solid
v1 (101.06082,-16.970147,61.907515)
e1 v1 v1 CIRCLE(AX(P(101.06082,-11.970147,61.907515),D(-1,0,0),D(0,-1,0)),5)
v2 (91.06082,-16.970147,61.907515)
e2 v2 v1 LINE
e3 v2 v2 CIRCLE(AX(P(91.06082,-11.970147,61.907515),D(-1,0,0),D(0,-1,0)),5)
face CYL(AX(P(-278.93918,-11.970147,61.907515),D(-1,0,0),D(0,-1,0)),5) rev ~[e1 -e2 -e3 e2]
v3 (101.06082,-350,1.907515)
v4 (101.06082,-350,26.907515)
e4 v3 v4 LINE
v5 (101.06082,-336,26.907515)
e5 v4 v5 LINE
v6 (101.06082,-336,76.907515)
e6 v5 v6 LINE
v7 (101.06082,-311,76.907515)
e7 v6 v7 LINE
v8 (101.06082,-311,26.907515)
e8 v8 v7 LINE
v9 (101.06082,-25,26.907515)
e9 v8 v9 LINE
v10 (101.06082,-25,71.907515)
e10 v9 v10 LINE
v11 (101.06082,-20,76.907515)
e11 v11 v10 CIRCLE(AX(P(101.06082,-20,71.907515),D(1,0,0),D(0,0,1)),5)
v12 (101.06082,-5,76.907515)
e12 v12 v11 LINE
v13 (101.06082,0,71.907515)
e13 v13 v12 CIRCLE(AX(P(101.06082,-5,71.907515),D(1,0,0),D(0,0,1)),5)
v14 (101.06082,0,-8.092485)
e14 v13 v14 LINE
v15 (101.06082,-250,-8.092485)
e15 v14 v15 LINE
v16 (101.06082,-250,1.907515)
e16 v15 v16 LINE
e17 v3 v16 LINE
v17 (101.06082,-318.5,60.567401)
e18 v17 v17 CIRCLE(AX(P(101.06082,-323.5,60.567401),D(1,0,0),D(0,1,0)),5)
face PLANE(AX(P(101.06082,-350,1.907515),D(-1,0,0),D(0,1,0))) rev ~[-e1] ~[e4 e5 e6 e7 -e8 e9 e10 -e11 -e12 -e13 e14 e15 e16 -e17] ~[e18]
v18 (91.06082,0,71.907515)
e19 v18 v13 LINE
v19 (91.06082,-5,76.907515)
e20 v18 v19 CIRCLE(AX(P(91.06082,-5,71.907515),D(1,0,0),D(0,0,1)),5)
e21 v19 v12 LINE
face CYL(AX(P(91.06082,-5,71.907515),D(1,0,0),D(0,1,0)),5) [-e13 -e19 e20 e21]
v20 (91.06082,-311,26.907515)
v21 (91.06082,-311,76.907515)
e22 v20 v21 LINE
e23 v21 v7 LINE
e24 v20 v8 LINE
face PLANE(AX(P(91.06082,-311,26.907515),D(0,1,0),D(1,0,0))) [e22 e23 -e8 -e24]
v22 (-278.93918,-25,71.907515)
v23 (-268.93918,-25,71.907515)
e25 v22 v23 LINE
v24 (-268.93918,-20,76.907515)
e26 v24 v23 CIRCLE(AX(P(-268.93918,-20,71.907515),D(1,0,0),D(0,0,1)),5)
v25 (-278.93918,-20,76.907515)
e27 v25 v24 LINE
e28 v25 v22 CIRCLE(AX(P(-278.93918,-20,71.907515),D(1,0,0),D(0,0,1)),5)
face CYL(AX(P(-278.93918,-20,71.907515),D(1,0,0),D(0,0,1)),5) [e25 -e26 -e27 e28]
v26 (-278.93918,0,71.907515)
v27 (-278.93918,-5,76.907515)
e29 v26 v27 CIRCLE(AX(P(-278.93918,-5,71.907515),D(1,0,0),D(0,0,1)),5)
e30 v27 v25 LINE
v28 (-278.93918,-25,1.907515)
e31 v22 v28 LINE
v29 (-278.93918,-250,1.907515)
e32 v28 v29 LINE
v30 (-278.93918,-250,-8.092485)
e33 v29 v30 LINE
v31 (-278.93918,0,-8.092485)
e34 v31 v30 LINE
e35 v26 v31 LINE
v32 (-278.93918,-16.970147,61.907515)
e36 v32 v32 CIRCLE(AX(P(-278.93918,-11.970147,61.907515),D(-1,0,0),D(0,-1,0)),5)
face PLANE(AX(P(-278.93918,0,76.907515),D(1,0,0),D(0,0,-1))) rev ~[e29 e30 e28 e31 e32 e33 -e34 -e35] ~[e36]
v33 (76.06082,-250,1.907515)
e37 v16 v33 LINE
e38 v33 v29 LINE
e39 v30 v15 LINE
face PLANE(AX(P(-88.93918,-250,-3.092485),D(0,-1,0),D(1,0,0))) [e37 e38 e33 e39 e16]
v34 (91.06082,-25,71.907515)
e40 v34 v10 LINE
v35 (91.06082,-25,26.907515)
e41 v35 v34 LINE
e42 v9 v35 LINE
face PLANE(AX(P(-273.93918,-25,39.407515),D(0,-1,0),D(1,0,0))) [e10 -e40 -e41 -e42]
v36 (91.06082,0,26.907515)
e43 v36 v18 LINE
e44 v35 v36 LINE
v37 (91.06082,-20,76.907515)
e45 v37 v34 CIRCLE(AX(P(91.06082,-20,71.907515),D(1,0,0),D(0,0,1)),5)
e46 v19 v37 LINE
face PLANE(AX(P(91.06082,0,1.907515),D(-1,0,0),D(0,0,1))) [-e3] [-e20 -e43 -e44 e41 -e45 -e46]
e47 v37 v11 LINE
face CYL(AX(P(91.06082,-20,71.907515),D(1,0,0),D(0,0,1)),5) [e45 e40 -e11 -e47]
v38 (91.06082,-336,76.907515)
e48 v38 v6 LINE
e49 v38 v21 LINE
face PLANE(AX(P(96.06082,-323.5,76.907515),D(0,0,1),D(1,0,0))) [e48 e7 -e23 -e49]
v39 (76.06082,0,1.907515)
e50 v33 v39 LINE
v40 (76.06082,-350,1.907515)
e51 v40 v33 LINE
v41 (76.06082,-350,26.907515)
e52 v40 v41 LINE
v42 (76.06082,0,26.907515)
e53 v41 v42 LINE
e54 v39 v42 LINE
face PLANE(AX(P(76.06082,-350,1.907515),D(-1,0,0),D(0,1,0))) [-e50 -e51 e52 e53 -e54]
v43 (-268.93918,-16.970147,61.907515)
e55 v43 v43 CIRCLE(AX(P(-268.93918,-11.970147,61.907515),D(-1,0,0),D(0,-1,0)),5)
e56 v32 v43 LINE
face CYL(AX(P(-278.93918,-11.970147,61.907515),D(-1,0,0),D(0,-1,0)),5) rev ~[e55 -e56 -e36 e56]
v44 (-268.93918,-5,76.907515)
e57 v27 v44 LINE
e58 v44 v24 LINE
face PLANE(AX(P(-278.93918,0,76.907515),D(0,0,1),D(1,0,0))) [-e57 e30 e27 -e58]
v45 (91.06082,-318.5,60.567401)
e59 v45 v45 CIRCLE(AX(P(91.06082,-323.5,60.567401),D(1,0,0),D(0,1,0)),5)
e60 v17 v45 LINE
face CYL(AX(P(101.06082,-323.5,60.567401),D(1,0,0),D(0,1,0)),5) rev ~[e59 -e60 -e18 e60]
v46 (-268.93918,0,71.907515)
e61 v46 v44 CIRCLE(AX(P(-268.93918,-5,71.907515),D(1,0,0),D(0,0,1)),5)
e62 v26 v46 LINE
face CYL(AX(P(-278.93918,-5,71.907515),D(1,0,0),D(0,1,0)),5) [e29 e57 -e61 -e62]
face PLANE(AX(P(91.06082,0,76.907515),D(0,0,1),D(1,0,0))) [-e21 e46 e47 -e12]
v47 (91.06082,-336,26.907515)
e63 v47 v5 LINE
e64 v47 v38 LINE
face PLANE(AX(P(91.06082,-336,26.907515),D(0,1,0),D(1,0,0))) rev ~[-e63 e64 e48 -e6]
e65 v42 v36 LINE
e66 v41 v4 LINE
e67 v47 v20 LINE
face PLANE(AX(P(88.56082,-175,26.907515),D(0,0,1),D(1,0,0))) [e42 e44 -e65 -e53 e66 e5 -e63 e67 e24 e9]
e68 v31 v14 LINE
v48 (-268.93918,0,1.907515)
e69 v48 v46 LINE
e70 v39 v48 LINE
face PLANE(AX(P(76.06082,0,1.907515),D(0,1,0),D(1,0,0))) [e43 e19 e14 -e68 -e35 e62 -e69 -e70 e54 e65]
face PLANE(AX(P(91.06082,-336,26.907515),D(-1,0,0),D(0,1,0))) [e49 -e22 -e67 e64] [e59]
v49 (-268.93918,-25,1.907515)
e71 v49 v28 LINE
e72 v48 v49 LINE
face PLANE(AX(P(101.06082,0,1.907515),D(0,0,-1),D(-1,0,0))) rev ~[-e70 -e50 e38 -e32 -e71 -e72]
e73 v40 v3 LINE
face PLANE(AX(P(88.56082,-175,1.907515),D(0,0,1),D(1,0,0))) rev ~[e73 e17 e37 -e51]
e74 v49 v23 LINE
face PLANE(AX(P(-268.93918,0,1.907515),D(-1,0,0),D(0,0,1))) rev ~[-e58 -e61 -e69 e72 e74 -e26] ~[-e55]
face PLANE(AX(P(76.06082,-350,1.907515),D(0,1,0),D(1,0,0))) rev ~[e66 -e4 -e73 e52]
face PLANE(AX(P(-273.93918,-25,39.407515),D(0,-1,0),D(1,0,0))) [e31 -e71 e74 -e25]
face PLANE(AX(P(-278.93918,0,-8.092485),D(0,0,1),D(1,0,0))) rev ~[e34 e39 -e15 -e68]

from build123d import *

# Parameters (mm, degrees)
F1_DEPTH  = 250
F0_W      = 10
F0_H      = 75
F2_DEPTH  = 25
F3_R      = 5
F4_DEPTH  = 380.001
F5_R      = 5
F6_W      = 25
F6_H      = 350
F7_DEPTH  = 25
F8_W      = 10
F8_H      = 25
F9_DEPTH  = 50
F10_R     = 5
F11_DEPTH = 380.001


with BuildPart() as f1:
    # F0 (on Front) → F1 (new body)
    with BuildSketch(Plane.XZ):
        Polygon((-268.93918, 1.907515), (-278.93918, 1.907515), (-278.93918, -8.092485), (101.06082, -8.092485), (101.06082, 1.907515), (91.06082, 1.907515), align=None)
    extrude(amount=F1_DEPTH)

    # F0 (on Front) → F2 (join)
    with BuildSketch(Plane.XZ):
        with Locations((-273.93918, 39.407515)):
            Rectangle(F0_W, F0_H)
        Polygon((-268.93918, 1.907515), (-278.93918, 1.907515), (-278.93918, -8.092485), (101.06082, -8.092485), (101.06082, 1.907515), (91.06082, 1.907515), align=None)
        with Locations((96.06082, 39.407515)):
            Rectangle(F0_W, F0_H)
    extrude(amount=F2_DEPTH)

    # F3 (on face) → F4 (cut, through all)
    with BuildSketch(Plane(origin=(-278.93918, 0, 0), x_dir=(0, -1, 0), z_dir=(-1, 0, 0))):
        with Locations((11.970147, 61.907515)):
            Circle(F3_R)
    extrude(amount=-F4_DEPTH, mode=Mode.SUBTRACT)

    # F5
    f5_edges = [f1.edges().sort_by_distance(p)[0] for p in [
        (-273.93918, 0, 76.907515),
        (-273.93918, -25, 76.907515),
        (96.06082, 0, 76.907515),
        (96.06082, -25, 76.907515),
    ]]
    fillet(f5_edges, radius=F5_R)

    # F6 (on face) → F7 (join)
    with BuildSketch(Plane.XY.offset(1.907515)):
        with Locations((88.56082, -175)):
            Rectangle(F6_W, F6_H)
    extrude(amount=F7_DEPTH)

    # F8 (on face) → F9 (join)
    with BuildSketch(Plane.XY.offset(26.907515)):
        with Locations((96.06082, -323.5)):
            Rectangle(F8_W, F8_H)
    extrude(amount=F9_DEPTH)

    # F10 (on face) → F11 (cut, through all)
    with BuildSketch(Plane.YZ.offset(101.06082)):
        with Locations((-323.5, 60.567401)):
            Circle(F10_R)
    extrude(amount=-F11_DEPTH, mode=Mode.SUBTRACT)


solid = f1.part
